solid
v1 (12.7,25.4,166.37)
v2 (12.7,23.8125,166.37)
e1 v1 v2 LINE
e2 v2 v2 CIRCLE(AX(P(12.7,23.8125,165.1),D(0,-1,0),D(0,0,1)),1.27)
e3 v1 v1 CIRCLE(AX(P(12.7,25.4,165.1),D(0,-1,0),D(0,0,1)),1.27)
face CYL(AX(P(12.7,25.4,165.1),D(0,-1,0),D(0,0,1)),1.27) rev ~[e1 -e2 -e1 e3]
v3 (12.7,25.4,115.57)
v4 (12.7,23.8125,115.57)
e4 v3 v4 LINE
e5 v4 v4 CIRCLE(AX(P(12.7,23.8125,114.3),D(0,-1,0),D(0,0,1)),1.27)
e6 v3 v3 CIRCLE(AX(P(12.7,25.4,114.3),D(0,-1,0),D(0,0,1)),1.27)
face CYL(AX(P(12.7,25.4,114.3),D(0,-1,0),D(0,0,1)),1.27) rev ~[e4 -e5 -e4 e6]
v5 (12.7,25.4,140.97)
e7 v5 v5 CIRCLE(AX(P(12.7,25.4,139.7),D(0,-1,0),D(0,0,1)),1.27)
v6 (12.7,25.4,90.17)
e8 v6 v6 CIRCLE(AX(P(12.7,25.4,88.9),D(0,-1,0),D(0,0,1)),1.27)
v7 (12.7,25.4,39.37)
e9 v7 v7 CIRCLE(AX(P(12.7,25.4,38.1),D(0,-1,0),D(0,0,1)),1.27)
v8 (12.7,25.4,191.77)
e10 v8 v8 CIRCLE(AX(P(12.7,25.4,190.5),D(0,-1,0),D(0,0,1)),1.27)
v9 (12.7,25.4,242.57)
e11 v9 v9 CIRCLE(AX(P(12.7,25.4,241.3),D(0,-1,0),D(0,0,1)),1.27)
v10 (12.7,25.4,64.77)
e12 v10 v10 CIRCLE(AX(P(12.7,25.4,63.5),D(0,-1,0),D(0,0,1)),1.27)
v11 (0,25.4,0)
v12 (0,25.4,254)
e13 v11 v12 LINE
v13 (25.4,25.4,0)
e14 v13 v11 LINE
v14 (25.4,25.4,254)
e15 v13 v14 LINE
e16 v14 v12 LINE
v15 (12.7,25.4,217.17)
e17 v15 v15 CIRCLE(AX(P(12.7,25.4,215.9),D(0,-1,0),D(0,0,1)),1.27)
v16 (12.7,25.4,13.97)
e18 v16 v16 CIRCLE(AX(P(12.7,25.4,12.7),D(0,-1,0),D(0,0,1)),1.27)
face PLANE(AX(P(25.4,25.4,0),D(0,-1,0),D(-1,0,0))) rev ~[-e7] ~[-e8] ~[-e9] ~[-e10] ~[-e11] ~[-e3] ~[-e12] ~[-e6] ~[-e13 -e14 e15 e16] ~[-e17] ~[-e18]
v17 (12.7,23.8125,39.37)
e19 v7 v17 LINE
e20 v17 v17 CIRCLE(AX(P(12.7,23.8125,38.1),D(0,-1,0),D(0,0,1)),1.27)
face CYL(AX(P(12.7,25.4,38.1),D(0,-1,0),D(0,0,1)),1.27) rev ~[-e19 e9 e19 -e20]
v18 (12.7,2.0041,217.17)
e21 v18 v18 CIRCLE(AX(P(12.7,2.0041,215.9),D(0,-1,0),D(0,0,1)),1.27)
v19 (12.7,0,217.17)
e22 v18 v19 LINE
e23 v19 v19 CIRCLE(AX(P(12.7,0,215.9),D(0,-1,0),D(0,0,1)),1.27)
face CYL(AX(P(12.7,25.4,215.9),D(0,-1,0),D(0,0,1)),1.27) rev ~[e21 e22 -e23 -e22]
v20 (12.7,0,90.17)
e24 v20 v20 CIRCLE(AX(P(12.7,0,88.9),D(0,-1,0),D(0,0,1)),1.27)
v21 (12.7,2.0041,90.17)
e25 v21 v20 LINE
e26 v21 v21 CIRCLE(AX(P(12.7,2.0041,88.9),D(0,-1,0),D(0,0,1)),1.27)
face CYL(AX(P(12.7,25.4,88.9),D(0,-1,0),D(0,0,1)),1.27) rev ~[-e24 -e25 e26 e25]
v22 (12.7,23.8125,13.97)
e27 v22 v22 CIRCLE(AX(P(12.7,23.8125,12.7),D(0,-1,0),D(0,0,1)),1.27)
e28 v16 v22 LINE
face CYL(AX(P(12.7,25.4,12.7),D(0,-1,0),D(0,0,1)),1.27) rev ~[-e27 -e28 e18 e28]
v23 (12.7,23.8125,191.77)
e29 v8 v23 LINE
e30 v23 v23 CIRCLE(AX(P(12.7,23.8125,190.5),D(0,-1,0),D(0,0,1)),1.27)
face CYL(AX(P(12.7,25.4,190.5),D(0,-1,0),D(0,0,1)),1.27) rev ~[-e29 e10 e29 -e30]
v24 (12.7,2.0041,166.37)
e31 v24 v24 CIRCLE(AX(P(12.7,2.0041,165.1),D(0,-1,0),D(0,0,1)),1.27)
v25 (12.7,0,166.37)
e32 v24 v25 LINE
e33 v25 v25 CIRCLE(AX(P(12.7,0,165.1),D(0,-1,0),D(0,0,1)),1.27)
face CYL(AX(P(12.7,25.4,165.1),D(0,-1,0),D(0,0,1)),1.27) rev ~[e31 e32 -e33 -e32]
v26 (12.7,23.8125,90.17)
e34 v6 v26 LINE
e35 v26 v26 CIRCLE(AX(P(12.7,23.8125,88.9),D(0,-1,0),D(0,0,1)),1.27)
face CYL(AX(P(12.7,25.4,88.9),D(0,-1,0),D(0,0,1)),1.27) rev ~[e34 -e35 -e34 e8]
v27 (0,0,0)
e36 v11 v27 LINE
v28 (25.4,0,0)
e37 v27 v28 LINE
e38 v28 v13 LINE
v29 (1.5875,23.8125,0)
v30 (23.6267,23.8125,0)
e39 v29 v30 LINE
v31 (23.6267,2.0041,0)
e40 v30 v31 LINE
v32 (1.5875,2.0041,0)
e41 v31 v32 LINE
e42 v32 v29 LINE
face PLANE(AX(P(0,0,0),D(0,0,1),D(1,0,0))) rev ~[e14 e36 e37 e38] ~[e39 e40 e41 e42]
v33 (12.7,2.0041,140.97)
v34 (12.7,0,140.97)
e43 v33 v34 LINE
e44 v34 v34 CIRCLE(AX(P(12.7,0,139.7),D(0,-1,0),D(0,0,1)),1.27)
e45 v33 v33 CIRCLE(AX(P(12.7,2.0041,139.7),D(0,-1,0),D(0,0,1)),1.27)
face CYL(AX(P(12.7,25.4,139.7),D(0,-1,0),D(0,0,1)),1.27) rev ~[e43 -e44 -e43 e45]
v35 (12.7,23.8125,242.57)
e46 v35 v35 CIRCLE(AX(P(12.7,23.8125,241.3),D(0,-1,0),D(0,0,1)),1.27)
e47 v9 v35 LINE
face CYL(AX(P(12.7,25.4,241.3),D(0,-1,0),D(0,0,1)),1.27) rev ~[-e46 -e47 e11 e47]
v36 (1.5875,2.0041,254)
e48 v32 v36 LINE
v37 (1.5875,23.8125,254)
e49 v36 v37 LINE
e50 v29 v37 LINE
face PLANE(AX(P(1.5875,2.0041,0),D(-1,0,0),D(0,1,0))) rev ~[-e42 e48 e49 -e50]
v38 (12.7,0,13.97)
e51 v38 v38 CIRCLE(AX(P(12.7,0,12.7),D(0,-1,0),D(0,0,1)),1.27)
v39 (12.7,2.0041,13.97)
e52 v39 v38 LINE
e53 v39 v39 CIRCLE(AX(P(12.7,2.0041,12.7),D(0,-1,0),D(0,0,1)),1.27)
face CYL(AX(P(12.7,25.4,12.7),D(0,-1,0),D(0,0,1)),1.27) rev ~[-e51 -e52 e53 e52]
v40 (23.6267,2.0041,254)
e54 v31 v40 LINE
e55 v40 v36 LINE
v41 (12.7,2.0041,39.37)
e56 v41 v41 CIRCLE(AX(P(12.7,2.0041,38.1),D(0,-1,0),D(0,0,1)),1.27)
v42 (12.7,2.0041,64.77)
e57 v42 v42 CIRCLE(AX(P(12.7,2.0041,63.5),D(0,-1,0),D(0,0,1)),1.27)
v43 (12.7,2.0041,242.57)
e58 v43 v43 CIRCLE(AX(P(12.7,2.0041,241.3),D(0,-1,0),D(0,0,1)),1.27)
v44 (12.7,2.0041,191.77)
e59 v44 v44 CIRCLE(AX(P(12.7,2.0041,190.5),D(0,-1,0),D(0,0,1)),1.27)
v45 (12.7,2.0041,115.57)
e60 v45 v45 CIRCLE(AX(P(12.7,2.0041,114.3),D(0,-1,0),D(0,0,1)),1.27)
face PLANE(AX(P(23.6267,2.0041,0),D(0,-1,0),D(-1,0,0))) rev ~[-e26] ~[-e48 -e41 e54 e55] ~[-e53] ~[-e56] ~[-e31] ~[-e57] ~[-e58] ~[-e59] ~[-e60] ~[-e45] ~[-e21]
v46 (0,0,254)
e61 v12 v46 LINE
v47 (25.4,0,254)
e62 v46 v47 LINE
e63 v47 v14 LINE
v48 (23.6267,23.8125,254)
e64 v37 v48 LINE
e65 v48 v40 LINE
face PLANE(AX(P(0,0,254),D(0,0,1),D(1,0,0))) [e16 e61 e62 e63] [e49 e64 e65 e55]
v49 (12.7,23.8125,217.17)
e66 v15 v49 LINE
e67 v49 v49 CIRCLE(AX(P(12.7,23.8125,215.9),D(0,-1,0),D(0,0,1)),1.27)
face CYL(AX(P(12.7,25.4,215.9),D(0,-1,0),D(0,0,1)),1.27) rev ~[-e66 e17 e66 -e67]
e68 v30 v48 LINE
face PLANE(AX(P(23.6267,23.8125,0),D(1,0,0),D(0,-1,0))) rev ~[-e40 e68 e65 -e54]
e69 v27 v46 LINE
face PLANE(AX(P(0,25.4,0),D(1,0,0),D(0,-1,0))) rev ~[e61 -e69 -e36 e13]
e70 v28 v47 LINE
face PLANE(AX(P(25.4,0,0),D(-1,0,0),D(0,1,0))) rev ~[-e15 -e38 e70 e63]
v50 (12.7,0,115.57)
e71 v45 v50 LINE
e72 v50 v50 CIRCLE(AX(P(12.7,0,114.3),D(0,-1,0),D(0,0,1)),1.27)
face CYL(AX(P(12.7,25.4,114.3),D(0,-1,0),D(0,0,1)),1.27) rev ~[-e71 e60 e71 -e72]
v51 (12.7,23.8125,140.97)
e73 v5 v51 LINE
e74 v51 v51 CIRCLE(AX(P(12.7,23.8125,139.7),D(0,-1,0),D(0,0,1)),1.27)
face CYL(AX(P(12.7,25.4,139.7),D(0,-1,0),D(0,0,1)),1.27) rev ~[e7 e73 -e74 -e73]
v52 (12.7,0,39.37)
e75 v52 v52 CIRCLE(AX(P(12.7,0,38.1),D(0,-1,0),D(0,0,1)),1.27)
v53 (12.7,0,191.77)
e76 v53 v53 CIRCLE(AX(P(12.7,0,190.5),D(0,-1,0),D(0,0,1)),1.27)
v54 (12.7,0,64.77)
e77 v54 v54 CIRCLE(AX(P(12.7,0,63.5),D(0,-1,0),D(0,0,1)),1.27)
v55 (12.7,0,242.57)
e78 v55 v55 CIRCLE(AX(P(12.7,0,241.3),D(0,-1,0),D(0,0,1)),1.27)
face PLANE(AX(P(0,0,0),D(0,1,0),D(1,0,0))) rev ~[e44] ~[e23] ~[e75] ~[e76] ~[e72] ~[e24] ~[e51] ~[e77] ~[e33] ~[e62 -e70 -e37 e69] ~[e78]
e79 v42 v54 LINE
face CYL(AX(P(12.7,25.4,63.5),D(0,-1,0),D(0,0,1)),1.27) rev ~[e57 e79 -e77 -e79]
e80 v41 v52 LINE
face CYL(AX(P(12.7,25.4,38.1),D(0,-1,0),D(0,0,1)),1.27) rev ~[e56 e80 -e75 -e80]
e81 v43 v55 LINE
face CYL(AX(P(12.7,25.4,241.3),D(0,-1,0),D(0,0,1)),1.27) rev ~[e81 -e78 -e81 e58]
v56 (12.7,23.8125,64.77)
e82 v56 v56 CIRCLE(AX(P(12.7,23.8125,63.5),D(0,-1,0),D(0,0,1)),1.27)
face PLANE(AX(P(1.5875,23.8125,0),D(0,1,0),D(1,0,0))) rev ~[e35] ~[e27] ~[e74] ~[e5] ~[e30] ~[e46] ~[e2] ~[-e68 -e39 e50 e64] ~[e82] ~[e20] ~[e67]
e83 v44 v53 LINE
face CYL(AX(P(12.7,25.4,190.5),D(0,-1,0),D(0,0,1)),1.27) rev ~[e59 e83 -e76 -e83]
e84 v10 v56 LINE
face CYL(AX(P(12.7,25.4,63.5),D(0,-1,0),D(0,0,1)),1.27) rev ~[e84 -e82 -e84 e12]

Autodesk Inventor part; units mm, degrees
ref_plane "YZ Plane" through (0, 0, 0) normal (1, 0, 0) x (0, 1, 0)
ref_plane "XZ Plane" through (0, 0, 0) normal (0, 1, 0) x (-1, 0, 0)
ref_plane "XY Plane" through (0, 0, 0) normal (0, 0, 1) x (1, 0, 0)
sketch "Sketch1" plane through (0, 0, 0) normal (0, 0, 1) x (1, 0, 0)
  line L0 (0, 0) -> (25.4, 0)
  line L1 (25.4, 0) -> (25.4, 25.4)
  line L2 (25.4, 25.4) -> (0, 25.4)
  line L3 (0, 25.4) -> (0, 0)
  line L4 (1.5875, 23.8125) -> (23.6267, 23.8125)
  line L5 (23.6267, 23.8125) -> (23.6267, 2.0041)
  line L6 (23.6267, 2.0041) -> (1.5875, 2.0041)
  line L7 (1.5875, 2.0041) -> (1.5875, 23.8125)
  dimension "d0" = 25.4
  dimension "d1" = 25.4
  dimension "d2" = 1.5875
  dimension "d3" = 1.5875
extrude "Extrusion1" add sketch "Sketch1" along normal blind 254
sketch "Sketch2" plane through (0, 25.4, 0) normal (0, 1, 0) x (1, 0, 0)
  line L0 (25.4, 0) -> (0, 0) projected
  line L1 (25.4, 0) -> (25.4, -254) projected
  point P0 (12.7, -12.7)
  point P1 (12.7, -38.1)
  point P2 (12.7, -63.5)
  point P3 (12.7, -88.9)
  point P4 (12.7, -114.3)
  point P5 (12.7, -139.7)
  point P6 (12.7, -165.1)
  point P7 (12.7, -190.5)
  point P8 (12.7, -215.9)
  point P9 (12.7, -241.3)
  point P10 (12.7, -266.7)
  point P11 (12.7, -292.1)
  point P12 (12.7, -317.5)
  point P13 (12.7, -342.9)
  point P14 (12.7, -368.3)
  dimension "d6" = 12.7
  dimension "d7" = 12.7
  dimension "d10" = 25.4
hole "Hole1" at (12.7, 25.4, 12.7) at (12.7, 25.4, 38.1) at (12.7, 25.4, 63.5) at (12.7, 25.4, 88.9) at (12.7, 25.4, 114.3) at (12.7, 25.4, 139.7) at (12.7, 25.4, 165.1) at (12.7, 25.4, 190.5) at (12.7, 25.4, 215.9) at (12.7, 25.4, 241.3) at (12.7, 25.4, 266.7) at (12.7, 25.4, 292.1) at (12.7, 25.4, 317.5) at (12.7, 25.4, 342.9) at (12.7, 25.4, 368.3) direction (0, -1, 0) diameter 2.54 depth 25.4 tip angle 118
properties part number "Drive Rail 1"
